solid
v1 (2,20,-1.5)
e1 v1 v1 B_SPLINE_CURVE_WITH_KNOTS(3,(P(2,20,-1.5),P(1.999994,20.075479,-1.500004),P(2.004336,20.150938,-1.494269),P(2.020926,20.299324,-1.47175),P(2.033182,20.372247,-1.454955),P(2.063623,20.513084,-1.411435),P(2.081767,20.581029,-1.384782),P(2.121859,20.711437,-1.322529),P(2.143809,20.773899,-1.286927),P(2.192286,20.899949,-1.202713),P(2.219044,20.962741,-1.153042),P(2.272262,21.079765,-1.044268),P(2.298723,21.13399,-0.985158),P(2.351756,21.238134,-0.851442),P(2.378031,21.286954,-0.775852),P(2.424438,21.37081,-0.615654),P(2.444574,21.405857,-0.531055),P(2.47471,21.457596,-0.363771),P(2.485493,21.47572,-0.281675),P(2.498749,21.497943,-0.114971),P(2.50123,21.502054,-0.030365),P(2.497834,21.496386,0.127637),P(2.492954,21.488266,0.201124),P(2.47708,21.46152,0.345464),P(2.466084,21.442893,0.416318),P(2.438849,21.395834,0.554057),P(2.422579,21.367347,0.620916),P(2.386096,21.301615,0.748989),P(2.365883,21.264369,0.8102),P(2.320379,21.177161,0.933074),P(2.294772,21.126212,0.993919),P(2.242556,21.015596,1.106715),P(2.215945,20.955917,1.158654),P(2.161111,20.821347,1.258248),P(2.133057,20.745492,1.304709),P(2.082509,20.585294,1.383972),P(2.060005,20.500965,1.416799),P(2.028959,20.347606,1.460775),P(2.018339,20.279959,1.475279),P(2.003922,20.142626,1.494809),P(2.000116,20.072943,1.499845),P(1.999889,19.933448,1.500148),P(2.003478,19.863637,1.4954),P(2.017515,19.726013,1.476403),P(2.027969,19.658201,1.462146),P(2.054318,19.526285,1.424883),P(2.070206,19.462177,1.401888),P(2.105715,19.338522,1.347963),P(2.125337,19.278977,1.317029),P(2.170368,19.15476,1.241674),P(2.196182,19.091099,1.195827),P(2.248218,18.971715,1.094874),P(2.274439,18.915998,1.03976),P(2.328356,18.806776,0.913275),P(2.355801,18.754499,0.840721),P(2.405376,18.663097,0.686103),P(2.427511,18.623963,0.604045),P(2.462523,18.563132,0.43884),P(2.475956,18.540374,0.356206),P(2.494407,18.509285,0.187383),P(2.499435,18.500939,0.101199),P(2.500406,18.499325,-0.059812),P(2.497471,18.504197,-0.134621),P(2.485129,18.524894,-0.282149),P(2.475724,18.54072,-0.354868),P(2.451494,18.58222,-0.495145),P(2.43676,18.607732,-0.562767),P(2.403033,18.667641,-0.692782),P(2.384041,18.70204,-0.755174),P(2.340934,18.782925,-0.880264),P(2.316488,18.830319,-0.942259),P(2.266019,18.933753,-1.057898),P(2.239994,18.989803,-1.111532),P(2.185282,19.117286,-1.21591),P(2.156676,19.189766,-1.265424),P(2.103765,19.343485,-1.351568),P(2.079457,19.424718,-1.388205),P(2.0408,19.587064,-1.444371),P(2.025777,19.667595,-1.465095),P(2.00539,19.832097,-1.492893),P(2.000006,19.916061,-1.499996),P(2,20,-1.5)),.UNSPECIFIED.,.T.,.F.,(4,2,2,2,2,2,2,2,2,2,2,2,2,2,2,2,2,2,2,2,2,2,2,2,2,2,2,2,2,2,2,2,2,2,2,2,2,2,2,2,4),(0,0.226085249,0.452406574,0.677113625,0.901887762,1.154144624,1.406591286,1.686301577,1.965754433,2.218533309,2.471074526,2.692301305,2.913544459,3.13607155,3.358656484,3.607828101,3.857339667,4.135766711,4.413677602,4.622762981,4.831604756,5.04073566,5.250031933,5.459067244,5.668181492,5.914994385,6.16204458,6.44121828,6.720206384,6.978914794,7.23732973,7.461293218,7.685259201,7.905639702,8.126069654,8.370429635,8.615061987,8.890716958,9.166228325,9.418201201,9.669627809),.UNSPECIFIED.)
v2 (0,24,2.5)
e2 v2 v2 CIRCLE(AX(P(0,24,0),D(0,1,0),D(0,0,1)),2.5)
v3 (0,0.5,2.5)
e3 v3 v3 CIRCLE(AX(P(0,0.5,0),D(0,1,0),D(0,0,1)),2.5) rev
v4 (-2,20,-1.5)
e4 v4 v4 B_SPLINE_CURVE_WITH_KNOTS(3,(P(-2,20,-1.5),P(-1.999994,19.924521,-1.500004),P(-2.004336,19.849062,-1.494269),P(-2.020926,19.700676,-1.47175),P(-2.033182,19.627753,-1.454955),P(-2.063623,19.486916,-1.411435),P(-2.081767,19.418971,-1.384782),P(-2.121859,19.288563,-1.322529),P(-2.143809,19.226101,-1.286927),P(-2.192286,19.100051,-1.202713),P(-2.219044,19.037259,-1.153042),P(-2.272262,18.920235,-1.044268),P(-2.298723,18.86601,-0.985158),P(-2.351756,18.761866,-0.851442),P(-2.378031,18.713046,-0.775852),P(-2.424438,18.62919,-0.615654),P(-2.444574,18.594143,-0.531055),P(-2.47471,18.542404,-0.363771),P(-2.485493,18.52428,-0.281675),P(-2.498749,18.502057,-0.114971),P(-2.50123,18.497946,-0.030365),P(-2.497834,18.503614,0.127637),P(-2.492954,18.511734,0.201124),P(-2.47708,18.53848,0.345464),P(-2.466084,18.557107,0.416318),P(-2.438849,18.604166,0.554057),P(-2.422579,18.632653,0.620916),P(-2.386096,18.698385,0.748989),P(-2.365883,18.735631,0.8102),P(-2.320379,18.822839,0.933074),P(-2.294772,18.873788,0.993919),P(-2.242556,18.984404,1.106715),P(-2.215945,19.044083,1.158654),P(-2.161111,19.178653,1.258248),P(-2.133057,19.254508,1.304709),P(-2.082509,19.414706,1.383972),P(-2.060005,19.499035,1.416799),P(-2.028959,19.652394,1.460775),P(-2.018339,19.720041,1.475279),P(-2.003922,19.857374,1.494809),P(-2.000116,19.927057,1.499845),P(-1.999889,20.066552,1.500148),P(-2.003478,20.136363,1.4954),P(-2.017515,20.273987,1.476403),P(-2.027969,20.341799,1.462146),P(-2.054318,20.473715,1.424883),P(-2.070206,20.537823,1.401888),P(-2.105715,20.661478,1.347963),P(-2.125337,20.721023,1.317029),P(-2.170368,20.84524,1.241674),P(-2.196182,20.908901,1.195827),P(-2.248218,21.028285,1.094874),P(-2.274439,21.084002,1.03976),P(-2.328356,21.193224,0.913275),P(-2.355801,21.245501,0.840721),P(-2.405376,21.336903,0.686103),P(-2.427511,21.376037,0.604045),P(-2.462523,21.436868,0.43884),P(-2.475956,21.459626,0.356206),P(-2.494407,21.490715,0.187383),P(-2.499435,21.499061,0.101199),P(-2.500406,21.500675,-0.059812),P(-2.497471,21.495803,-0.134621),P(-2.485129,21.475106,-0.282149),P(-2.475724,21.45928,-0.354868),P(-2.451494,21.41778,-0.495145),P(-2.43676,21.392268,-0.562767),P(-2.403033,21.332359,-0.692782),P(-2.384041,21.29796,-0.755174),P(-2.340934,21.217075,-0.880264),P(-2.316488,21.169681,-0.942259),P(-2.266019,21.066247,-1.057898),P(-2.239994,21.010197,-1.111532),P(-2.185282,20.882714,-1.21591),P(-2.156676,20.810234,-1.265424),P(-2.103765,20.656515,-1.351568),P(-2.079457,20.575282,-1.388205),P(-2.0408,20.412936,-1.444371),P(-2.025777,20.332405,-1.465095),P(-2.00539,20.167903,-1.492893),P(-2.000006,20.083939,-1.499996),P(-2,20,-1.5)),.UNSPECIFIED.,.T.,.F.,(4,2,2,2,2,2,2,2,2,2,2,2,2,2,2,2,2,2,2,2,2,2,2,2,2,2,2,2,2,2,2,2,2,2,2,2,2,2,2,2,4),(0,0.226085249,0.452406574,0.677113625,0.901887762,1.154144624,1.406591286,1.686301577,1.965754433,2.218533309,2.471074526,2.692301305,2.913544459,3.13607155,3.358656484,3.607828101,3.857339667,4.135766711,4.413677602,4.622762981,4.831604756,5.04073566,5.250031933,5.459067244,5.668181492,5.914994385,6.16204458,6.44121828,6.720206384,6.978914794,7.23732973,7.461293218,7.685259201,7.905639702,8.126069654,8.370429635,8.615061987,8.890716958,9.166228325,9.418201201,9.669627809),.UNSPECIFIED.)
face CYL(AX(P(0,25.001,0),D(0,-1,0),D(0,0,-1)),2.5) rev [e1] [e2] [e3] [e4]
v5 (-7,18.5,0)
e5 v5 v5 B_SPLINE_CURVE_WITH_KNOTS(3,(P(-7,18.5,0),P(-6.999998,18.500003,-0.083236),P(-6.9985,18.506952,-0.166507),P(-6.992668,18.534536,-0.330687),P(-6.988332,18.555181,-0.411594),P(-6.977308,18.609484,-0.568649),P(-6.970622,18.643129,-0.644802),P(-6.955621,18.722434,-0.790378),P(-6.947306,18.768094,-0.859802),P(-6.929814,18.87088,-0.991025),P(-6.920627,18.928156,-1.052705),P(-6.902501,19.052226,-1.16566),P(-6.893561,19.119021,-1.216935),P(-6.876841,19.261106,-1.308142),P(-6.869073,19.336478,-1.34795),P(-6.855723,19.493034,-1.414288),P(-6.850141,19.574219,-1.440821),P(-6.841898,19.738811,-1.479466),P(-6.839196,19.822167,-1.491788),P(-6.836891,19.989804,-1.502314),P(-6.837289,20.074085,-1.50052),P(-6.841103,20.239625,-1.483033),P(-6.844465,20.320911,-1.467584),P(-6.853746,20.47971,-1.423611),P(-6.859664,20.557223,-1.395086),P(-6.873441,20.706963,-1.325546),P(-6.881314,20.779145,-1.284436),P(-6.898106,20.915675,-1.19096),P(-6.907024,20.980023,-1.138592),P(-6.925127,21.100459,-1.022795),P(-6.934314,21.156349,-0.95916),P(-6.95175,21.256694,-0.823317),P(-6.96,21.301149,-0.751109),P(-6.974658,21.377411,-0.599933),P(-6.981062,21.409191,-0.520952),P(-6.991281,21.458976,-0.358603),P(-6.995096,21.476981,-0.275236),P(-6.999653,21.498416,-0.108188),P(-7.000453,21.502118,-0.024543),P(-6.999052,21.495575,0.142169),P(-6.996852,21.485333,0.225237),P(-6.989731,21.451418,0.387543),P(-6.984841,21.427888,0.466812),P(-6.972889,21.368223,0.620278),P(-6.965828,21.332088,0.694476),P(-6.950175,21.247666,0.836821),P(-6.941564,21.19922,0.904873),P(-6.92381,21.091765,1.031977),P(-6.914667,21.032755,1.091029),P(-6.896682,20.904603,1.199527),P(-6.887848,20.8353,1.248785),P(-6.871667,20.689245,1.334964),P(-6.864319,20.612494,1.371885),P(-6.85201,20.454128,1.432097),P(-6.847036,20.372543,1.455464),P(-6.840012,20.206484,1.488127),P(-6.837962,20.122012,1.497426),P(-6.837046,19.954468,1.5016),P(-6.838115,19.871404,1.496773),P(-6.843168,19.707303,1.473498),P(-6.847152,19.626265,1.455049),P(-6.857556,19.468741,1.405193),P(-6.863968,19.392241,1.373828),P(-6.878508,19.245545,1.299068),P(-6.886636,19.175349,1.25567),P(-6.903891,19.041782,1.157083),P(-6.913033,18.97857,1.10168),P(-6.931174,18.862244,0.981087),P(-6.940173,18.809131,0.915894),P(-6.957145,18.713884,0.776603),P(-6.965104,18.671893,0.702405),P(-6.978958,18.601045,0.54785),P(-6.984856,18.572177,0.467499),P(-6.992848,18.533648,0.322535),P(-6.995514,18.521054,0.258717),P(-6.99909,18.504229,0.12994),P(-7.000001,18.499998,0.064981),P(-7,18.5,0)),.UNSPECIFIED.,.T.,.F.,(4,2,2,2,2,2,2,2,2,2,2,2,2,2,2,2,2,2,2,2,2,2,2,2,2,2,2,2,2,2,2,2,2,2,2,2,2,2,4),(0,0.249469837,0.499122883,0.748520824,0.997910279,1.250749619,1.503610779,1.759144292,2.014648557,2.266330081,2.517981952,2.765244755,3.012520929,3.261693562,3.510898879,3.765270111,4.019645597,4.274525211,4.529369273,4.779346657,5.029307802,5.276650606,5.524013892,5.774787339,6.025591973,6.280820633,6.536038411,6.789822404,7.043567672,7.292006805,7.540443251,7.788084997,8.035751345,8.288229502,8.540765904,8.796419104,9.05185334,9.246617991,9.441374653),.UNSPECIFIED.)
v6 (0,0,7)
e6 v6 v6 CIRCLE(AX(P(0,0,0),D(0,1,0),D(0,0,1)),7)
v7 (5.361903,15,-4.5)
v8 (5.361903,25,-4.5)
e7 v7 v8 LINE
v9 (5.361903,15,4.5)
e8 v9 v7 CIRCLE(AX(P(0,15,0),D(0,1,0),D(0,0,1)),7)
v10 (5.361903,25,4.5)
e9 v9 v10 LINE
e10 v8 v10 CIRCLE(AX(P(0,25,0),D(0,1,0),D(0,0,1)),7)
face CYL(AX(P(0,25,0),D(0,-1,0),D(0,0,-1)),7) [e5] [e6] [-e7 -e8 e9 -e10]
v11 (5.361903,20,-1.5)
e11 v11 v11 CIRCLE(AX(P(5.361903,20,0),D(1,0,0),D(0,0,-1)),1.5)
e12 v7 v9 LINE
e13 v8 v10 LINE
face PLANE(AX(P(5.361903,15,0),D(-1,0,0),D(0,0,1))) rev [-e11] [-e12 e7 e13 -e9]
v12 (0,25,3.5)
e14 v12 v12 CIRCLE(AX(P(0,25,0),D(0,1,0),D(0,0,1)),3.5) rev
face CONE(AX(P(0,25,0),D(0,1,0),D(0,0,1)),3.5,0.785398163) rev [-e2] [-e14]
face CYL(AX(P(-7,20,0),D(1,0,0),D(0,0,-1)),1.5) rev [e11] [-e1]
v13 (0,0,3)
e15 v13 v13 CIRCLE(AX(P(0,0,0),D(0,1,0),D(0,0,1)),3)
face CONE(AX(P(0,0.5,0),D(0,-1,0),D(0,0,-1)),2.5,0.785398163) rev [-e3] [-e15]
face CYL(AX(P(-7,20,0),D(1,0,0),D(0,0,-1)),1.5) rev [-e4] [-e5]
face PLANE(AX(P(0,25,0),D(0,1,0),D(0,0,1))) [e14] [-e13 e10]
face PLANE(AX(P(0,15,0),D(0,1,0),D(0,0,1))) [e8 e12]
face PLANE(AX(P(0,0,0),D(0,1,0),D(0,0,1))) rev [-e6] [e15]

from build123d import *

# Parameters (mm, degrees)
ESQUISSE1_R             = 7
BOSS_EXTRU_1_DEPTH      = 25
ENL_V_MAT_EXTRU_1_REACH = 27
ESQUISSE2_R             = 2.5
CHANFREIN1_SIZE         = 0.5
CHANFREIN2_SIZE         = 1
ENL_V_MAT_EXTRU_2_DEPTH = 10
ESQUISSE4_R             = 1.5
ENL_V_MAT_EXTRU_3_DEPTH = 13.361902647


with BuildPart() as part:
    # Esquisse1 → Boss.-Extru.1 (new body)
    with BuildSketch(Plane(origin=(0, 0, 0), x_dir=(1, 0, 0), z_dir=(0, 1, 0))):
        Circle(ESQUISSE1_R)
    extrude(amount=BOSS_EXTRU_1_DEPTH)

    # Esquisse2 → Enlèv. mat.-Extru.1 (cut, up to next)
    with BuildSketch(Plane(origin=(0, 0, 0), x_dir=(-1, 0, 0), z_dir=(0, -1, 0)), mode=Mode.PRIVATE) as enl_v_mat_extru_1_sk1:
        Circle(ESQUISSE2_R)
    enl_v_mat_extru_1_tool1 = extrude(enl_v_mat_extru_1_sk1.sketch, amount=-ENL_V_MAT_EXTRU_1_REACH, mode=Mode.PRIVATE) & part.part
    add(enl_v_mat_extru_1_tool1.solids().sort_by_distance((0, 0, 0))[0], mode=Mode.SUBTRACT)

    # Chanfrein1
    chanfrein1_edges = [part.edges().sort_by_distance(p)[0] for p in [
        (2.5, 0, 0),
    ]]
    chamfer(chanfrein1_edges, length=CHANFREIN1_SIZE)

    # Chanfrein2
    chanfrein2_edges = [part.edges().sort_by_distance(p)[0] for p in [
        (2.5, 25, 0),
    ]]
    chamfer(chanfrein2_edges, length=CHANFREIN2_SIZE)

    # Esquisse3 → Enlèv. mat.-Extru.2 (cut)
    with BuildSketch(Plane(origin=(0, 25, 0), x_dir=(1, 0, 0), z_dir=(0, 1, 0))):
        Polygon((5.361902647, 48.267833041), (5.361902647, 4.5), (5.361902647, -4.5), (5.361902647, -48.267833041), (92.897568728, -48.267833041), (92.897568728, 48.267833041), align=None)
    extrude(amount=-ENL_V_MAT_EXTRU_2_DEPTH, mode=Mode.SUBTRACT)

    # Esquisse4 → Enlèv. mat.-Extru.3 (cut, through all)
    with BuildSketch(Plane(origin=(5.361902647, 0, 0), x_dir=(0, 0, -1), z_dir=(1, 0, 0))):
        with Locations((0, 20)):
            Circle(ESQUISSE4_R)
    extrude(amount=-ENL_V_MAT_EXTRU_3_DEPTH, mode=Mode.SUBTRACT)


solid = part.part
